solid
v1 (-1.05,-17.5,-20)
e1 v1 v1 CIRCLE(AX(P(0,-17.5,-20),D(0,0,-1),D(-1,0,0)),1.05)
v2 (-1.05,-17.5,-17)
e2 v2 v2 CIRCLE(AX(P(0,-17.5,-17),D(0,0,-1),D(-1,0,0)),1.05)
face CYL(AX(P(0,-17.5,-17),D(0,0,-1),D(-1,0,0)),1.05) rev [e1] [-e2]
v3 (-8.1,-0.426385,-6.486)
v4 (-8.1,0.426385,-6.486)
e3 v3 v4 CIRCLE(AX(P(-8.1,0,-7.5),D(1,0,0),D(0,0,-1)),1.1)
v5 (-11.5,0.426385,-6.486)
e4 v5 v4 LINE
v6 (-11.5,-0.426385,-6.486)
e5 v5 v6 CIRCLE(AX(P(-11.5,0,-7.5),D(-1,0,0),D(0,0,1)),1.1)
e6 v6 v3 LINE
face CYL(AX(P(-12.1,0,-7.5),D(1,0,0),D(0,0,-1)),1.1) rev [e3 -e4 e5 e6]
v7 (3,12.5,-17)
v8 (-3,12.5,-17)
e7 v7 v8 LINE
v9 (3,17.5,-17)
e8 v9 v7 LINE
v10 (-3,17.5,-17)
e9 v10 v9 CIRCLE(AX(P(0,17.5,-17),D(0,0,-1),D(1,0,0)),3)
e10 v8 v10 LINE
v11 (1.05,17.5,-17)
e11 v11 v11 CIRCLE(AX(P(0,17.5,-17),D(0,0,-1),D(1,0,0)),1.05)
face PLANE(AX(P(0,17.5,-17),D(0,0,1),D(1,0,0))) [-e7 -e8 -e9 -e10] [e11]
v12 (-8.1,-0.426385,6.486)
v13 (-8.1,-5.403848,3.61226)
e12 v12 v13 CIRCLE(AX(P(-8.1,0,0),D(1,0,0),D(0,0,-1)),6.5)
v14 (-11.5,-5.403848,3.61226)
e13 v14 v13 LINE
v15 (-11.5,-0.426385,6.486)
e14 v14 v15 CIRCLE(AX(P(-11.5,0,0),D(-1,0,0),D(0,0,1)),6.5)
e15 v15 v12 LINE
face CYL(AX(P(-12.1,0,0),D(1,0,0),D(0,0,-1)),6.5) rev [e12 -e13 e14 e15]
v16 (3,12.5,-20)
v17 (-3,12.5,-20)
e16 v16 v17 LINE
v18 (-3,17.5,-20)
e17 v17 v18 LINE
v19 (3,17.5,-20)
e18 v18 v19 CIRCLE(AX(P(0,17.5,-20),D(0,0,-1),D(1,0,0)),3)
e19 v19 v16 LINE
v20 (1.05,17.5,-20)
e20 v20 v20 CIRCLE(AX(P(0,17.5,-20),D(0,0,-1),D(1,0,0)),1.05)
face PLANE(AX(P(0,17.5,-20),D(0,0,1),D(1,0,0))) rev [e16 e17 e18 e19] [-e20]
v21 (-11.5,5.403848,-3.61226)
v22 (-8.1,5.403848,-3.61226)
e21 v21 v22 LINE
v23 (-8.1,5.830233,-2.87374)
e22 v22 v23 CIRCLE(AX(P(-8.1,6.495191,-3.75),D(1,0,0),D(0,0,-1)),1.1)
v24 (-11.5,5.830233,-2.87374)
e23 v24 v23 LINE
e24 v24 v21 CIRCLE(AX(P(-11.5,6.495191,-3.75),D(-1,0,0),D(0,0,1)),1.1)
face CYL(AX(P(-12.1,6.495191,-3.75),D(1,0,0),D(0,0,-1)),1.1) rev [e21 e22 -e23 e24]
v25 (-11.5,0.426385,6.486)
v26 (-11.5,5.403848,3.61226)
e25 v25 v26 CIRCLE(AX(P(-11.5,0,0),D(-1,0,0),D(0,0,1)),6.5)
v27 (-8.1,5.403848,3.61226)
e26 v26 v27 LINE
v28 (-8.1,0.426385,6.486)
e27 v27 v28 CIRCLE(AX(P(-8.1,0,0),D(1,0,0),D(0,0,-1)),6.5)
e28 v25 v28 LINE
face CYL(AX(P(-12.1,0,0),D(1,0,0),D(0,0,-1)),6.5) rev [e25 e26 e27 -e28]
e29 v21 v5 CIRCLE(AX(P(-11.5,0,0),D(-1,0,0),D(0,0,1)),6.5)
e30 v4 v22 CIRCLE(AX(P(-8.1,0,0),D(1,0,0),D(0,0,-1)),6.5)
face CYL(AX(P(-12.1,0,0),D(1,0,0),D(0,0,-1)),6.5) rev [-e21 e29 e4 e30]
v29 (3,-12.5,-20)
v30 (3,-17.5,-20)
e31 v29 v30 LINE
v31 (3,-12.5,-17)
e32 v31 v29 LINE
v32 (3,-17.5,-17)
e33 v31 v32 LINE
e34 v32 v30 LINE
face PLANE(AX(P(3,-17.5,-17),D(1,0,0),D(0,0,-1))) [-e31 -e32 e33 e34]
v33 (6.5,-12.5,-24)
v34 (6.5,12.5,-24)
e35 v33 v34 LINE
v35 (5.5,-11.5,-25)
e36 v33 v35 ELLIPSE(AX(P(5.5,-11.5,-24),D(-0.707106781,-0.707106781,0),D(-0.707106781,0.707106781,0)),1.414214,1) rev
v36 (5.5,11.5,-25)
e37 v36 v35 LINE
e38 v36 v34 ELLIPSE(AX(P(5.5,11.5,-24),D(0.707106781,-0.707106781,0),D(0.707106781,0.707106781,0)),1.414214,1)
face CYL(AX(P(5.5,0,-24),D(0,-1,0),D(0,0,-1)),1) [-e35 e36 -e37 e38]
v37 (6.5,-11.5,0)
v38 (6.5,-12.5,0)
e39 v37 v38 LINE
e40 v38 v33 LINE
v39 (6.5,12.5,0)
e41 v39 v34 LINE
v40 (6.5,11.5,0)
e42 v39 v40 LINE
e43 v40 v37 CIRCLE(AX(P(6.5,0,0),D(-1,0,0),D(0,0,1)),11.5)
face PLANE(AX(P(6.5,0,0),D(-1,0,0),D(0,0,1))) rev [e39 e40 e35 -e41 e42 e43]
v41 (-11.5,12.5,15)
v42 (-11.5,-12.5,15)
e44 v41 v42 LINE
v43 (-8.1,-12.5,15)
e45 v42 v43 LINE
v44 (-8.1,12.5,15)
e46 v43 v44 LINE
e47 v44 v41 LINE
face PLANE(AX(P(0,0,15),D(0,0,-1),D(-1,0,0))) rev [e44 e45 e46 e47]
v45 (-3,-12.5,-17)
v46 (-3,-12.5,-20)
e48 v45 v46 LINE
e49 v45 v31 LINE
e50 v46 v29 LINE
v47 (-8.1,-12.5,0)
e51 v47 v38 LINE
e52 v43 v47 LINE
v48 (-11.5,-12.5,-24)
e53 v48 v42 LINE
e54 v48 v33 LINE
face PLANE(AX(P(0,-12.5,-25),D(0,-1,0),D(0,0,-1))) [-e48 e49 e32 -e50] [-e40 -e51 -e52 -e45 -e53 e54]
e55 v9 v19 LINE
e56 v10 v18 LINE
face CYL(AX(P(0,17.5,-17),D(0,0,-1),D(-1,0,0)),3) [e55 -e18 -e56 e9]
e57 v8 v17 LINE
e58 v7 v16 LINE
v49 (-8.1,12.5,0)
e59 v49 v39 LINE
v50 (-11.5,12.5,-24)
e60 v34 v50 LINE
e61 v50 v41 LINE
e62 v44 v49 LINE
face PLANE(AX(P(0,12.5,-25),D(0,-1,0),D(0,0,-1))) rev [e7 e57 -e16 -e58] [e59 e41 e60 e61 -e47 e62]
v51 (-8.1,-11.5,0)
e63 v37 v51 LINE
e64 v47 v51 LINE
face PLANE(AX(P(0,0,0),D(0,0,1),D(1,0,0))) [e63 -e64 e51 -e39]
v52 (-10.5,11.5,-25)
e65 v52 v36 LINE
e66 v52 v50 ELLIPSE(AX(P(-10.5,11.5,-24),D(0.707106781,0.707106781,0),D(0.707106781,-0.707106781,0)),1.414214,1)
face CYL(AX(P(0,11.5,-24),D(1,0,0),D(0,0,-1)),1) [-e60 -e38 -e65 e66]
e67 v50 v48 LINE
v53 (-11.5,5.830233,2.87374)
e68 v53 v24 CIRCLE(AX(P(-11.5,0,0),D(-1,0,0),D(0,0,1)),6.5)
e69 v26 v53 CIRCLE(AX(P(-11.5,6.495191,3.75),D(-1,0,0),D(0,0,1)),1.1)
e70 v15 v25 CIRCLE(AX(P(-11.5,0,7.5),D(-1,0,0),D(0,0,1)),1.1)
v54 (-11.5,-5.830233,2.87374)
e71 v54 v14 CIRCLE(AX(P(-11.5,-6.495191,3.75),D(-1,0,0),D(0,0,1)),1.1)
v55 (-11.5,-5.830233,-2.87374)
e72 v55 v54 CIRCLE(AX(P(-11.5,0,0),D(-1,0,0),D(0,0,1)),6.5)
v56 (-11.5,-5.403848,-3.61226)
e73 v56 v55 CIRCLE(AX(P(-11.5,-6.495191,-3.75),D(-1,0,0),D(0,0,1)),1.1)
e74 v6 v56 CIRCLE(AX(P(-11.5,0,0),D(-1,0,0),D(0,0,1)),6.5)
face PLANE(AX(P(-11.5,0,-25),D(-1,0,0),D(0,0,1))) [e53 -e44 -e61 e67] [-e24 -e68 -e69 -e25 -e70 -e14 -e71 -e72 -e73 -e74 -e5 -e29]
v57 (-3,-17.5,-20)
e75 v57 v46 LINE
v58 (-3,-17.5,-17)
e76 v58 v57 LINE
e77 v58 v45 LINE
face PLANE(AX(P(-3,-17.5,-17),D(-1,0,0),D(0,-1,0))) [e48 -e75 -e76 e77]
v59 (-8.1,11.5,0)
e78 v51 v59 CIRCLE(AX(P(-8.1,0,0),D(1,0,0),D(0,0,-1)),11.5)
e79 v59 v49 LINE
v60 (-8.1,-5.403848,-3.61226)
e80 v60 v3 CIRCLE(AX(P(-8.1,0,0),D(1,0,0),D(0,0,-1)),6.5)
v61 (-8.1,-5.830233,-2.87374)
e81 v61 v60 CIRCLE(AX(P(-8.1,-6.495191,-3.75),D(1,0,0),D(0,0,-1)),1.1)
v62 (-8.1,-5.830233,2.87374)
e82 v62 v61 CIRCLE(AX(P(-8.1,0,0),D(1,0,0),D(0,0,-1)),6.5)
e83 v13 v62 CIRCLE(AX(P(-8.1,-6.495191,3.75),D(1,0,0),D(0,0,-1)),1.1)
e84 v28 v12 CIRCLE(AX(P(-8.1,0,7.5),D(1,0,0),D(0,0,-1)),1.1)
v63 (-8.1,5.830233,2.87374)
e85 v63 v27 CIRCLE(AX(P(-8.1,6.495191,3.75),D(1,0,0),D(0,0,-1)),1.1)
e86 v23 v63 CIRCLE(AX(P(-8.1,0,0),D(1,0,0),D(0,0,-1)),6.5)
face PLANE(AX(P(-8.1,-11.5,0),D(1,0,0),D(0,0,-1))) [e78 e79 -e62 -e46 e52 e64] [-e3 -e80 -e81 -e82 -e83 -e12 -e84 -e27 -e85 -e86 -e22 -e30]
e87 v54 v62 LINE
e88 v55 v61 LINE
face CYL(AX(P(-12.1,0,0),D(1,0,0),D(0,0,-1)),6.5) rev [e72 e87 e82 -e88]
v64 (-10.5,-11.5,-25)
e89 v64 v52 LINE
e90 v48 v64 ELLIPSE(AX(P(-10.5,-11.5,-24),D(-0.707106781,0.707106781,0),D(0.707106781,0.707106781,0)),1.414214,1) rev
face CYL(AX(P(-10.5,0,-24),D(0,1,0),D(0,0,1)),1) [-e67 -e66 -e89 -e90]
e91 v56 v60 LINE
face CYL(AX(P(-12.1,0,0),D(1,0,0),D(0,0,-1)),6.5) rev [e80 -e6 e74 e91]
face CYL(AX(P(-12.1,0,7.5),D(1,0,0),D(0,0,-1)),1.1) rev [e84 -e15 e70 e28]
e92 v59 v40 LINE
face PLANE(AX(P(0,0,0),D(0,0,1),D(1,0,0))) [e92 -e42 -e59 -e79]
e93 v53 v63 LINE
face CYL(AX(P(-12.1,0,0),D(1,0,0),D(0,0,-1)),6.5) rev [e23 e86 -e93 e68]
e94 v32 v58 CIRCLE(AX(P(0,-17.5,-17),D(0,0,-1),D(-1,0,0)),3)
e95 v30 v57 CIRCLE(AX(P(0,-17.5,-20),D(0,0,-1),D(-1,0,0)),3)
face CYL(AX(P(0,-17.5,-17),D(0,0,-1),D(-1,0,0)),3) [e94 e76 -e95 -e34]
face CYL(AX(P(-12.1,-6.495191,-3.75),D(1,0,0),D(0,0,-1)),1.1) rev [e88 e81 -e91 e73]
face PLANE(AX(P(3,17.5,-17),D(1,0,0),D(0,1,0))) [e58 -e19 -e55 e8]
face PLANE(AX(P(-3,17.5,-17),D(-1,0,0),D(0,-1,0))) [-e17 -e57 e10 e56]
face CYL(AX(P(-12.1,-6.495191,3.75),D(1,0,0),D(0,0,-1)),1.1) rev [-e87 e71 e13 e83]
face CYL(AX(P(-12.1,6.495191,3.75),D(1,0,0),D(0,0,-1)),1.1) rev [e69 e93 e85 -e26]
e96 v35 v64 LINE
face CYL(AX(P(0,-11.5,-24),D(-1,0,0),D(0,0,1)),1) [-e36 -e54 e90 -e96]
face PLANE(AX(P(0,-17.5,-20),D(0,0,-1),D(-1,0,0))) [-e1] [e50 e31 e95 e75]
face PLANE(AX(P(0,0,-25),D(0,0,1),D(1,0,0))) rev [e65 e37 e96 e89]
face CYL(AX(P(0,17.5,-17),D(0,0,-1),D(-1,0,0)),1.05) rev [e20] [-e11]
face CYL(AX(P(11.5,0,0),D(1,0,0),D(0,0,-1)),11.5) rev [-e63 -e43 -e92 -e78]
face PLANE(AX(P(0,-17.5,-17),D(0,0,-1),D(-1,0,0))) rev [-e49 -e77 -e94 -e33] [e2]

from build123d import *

# Parameters (mm, degrees)
SKETCH_1_W          = 23
SKETCH_1_H          = 25
EXTRUDE_1_DEPTH     = 25
SKETCH_2_W          = 19.6
SKETCH_2_H          = 11.5
SKETCH_4_W          = 3.4
SKETCH_4_H          = 25
EXTRUDE_2_DEPTH     = 15
CUT_EXTRUDE_1_DEPTH = 4
SKETCH_8_R          = 1.05
EXTRUDE_3_DEPTH     = 8
SKETCH_8_2_R        = 1.05
CUT_EXTRUDE_4_DEPTH = 5
SKETCH_7_W          = 35
SKETCH_7_H          = 40
CUT_EXTRUDE_3_DEPTH = 5
FILLET_1_R          = 1


with BuildPart() as part:
    # 草图1 → 凸台-拉伸1 (new body)
    with BuildSketch(Plane.XY):
        Rectangle(SKETCH_1_W, SKETCH_1_H)
    extrude(amount=-EXTRUDE_1_DEPTH)

    # 草图2 → 切除-旋转2 (revolve, cut)
    with BuildSketch(Plane.XY):
        with Locations((1.7, -5.75)):
            Rectangle(SKETCH_2_W, SKETCH_2_H)
    revolve(axis=Axis((11.5, 0, 0), (-1, 0, 0)), mode=Mode.SUBTRACT)

    # 草图4 → 凸台-拉伸2 (add)
    with BuildSketch(Plane.XY):
        with Locations((-9.8, 0)):
            Rectangle(SKETCH_4_W, SKETCH_4_H)
    extrude(amount=EXTRUDE_2_DEPTH)

    # 草图6 → 切除-拉伸1 (cut)
    with BuildSketch(Plane(origin=(-8.1, 0, 0), x_dir=(0, 0, -1), z_dir=(1, 0, 0))):
        with BuildLine():
            ThreePointArc((6.486, -0.426384803), (8.6, 0), (6.486, 0.426384803))
            ThreePointArc((6.486, 0.426384803), (5.629165125, 3.25), (3.612260071, 5.403848368))
            ThreePointArc((3.612260071, 5.403848368), (4.3, 7.447818473), (2.873739929, 5.83023317))
            ThreePointArc((2.873739929, 5.83023317), (0, 6.5), (-2.873739929, 5.83023317))
            ThreePointArc((-2.873739929, 5.83023317), (-4.3, 7.447818473), (-3.612260071, 5.403848368))
            ThreePointArc((-3.612260071, 5.403848368), (-5.629165125, 3.25), (-6.486, 0.426384803))
            ThreePointArc((-6.486, 0.426384803), (-8.6, 0), (-6.486, -0.426384803))
            ThreePointArc((-6.486, -0.426384803), (-5.629165125, -3.25), (-3.612260071, -5.403848368))
            ThreePointArc((-3.612260071, -5.403848368), (-4.3, -7.447818473), (-2.873739929, -5.83023317))
            ThreePointArc((-2.873739929, -5.83023317), (0, -6.5), (2.873739929, -5.83023317))
            ThreePointArc((2.873739929, -5.83023317), (4.3, -7.447818473), (3.612260071, -5.403848368))
            ThreePointArc((3.612260071, -5.403848368), (5.629165125, -3.25), (6.486, -0.426384803))
        make_face()
    extrude(amount=-CUT_EXTRUDE_1_DEPTH, mode=Mode.SUBTRACT)

    # 草图8 → 凸台-拉伸3 (add)
    # profile 1 of 2: a face of its own
    with BuildSketch(Plane(origin=(0, 0, -25), x_dir=(-1, 0, 0), z_dir=(0, 0, -1))):
        with BuildLine():
            Line((3, 17.5), (3, 12.5))
            Line((3, 12.5), (-3, 12.5))
            Line((-3, 12.5), (-3, 17.5))
            ThreePointArc((-3, 17.5), (0, 20.5), (3, 17.5))
        make_face()
        with Locations((0, 17.5)):
            Circle(SKETCH_8_R, mode=Mode.SUBTRACT)
    # profile 2 of 2: a face of its own
    with BuildSketch(Plane(origin=(0, 0, -25), x_dir=(-1, 0, 0), z_dir=(0, 0, -1))):
        with BuildLine():
            Line((-3, -17.5), (-3, -12.5))
            Line((-3, -12.5), (3, -12.5))
            Line((3, -12.5), (3, -17.5))
            ThreePointArc((3, -17.5), (0, -20.5), (-3, -17.5))
        make_face()
        with Locations((0, -17.5)):
            Circle(SKETCH_8_R, mode=Mode.SUBTRACT)
    extrude(amount=-EXTRUDE_3_DEPTH)

    # 草图8<2> → 切除-拉伸4 (cut)
    # profile 1 of 2: a face of its own
    with BuildSketch(Plane(origin=(0, 0, -25), x_dir=(-1, 0, 0), z_dir=(0, 0, -1))):
        with BuildLine():
            Line((3, 17.5), (3, 12.5))
            Line((3, 12.5), (-3, 12.5))
            Line((-3, 12.5), (-3, 17.5))
            ThreePointArc((-3, 17.5), (0, 20.5), (3, 17.5))
        make_face()
        with Locations((0, 17.5)):
            Circle(SKETCH_8_2_R, mode=Mode.SUBTRACT)
    # profile 2 of 2: a face of its own
    with BuildSketch(Plane(origin=(0, 0, -25), x_dir=(-1, 0, 0), z_dir=(0, 0, -1))):
        with BuildLine():
            Line((-3, -17.5), (-3, -12.5))
            Line((-3, -12.5), (3, -12.5))
            Line((3, -12.5), (3, -17.5))
            ThreePointArc((3, -17.5), (0, -20.5), (-3, -17.5))
        make_face()
        with Locations((0, -17.5)):
            Circle(SKETCH_8_2_R, mode=Mode.SUBTRACT)
    extrude(amount=-CUT_EXTRUDE_4_DEPTH, mode=Mode.SUBTRACT)

    # 草图7 → 切除-拉伸3 (cut)
    with BuildSketch(Plane(origin=(11.5, 0, 0), x_dir=(0, 0, -1), z_dir=(1, 0, 0))):
        with Locations((11.5, 0)):
            Rectangle(SKETCH_7_W, SKETCH_7_H)
    extrude(amount=-CUT_EXTRUDE_3_DEPTH, mode=Mode.SUBTRACT)

    # 圆角1
    fillet_1_edges = [part.edges().sort_by_distance(p)[0] for p in [
        (-2.5, -12.5, -25),
        (-11.5, 0, -25),
        (-2.5, 12.5, -25),
        (6.5, 0, -25),
    ]]
    fillet(fillet_1_edges, radius=FILLET_1_R)


solid = part.part
